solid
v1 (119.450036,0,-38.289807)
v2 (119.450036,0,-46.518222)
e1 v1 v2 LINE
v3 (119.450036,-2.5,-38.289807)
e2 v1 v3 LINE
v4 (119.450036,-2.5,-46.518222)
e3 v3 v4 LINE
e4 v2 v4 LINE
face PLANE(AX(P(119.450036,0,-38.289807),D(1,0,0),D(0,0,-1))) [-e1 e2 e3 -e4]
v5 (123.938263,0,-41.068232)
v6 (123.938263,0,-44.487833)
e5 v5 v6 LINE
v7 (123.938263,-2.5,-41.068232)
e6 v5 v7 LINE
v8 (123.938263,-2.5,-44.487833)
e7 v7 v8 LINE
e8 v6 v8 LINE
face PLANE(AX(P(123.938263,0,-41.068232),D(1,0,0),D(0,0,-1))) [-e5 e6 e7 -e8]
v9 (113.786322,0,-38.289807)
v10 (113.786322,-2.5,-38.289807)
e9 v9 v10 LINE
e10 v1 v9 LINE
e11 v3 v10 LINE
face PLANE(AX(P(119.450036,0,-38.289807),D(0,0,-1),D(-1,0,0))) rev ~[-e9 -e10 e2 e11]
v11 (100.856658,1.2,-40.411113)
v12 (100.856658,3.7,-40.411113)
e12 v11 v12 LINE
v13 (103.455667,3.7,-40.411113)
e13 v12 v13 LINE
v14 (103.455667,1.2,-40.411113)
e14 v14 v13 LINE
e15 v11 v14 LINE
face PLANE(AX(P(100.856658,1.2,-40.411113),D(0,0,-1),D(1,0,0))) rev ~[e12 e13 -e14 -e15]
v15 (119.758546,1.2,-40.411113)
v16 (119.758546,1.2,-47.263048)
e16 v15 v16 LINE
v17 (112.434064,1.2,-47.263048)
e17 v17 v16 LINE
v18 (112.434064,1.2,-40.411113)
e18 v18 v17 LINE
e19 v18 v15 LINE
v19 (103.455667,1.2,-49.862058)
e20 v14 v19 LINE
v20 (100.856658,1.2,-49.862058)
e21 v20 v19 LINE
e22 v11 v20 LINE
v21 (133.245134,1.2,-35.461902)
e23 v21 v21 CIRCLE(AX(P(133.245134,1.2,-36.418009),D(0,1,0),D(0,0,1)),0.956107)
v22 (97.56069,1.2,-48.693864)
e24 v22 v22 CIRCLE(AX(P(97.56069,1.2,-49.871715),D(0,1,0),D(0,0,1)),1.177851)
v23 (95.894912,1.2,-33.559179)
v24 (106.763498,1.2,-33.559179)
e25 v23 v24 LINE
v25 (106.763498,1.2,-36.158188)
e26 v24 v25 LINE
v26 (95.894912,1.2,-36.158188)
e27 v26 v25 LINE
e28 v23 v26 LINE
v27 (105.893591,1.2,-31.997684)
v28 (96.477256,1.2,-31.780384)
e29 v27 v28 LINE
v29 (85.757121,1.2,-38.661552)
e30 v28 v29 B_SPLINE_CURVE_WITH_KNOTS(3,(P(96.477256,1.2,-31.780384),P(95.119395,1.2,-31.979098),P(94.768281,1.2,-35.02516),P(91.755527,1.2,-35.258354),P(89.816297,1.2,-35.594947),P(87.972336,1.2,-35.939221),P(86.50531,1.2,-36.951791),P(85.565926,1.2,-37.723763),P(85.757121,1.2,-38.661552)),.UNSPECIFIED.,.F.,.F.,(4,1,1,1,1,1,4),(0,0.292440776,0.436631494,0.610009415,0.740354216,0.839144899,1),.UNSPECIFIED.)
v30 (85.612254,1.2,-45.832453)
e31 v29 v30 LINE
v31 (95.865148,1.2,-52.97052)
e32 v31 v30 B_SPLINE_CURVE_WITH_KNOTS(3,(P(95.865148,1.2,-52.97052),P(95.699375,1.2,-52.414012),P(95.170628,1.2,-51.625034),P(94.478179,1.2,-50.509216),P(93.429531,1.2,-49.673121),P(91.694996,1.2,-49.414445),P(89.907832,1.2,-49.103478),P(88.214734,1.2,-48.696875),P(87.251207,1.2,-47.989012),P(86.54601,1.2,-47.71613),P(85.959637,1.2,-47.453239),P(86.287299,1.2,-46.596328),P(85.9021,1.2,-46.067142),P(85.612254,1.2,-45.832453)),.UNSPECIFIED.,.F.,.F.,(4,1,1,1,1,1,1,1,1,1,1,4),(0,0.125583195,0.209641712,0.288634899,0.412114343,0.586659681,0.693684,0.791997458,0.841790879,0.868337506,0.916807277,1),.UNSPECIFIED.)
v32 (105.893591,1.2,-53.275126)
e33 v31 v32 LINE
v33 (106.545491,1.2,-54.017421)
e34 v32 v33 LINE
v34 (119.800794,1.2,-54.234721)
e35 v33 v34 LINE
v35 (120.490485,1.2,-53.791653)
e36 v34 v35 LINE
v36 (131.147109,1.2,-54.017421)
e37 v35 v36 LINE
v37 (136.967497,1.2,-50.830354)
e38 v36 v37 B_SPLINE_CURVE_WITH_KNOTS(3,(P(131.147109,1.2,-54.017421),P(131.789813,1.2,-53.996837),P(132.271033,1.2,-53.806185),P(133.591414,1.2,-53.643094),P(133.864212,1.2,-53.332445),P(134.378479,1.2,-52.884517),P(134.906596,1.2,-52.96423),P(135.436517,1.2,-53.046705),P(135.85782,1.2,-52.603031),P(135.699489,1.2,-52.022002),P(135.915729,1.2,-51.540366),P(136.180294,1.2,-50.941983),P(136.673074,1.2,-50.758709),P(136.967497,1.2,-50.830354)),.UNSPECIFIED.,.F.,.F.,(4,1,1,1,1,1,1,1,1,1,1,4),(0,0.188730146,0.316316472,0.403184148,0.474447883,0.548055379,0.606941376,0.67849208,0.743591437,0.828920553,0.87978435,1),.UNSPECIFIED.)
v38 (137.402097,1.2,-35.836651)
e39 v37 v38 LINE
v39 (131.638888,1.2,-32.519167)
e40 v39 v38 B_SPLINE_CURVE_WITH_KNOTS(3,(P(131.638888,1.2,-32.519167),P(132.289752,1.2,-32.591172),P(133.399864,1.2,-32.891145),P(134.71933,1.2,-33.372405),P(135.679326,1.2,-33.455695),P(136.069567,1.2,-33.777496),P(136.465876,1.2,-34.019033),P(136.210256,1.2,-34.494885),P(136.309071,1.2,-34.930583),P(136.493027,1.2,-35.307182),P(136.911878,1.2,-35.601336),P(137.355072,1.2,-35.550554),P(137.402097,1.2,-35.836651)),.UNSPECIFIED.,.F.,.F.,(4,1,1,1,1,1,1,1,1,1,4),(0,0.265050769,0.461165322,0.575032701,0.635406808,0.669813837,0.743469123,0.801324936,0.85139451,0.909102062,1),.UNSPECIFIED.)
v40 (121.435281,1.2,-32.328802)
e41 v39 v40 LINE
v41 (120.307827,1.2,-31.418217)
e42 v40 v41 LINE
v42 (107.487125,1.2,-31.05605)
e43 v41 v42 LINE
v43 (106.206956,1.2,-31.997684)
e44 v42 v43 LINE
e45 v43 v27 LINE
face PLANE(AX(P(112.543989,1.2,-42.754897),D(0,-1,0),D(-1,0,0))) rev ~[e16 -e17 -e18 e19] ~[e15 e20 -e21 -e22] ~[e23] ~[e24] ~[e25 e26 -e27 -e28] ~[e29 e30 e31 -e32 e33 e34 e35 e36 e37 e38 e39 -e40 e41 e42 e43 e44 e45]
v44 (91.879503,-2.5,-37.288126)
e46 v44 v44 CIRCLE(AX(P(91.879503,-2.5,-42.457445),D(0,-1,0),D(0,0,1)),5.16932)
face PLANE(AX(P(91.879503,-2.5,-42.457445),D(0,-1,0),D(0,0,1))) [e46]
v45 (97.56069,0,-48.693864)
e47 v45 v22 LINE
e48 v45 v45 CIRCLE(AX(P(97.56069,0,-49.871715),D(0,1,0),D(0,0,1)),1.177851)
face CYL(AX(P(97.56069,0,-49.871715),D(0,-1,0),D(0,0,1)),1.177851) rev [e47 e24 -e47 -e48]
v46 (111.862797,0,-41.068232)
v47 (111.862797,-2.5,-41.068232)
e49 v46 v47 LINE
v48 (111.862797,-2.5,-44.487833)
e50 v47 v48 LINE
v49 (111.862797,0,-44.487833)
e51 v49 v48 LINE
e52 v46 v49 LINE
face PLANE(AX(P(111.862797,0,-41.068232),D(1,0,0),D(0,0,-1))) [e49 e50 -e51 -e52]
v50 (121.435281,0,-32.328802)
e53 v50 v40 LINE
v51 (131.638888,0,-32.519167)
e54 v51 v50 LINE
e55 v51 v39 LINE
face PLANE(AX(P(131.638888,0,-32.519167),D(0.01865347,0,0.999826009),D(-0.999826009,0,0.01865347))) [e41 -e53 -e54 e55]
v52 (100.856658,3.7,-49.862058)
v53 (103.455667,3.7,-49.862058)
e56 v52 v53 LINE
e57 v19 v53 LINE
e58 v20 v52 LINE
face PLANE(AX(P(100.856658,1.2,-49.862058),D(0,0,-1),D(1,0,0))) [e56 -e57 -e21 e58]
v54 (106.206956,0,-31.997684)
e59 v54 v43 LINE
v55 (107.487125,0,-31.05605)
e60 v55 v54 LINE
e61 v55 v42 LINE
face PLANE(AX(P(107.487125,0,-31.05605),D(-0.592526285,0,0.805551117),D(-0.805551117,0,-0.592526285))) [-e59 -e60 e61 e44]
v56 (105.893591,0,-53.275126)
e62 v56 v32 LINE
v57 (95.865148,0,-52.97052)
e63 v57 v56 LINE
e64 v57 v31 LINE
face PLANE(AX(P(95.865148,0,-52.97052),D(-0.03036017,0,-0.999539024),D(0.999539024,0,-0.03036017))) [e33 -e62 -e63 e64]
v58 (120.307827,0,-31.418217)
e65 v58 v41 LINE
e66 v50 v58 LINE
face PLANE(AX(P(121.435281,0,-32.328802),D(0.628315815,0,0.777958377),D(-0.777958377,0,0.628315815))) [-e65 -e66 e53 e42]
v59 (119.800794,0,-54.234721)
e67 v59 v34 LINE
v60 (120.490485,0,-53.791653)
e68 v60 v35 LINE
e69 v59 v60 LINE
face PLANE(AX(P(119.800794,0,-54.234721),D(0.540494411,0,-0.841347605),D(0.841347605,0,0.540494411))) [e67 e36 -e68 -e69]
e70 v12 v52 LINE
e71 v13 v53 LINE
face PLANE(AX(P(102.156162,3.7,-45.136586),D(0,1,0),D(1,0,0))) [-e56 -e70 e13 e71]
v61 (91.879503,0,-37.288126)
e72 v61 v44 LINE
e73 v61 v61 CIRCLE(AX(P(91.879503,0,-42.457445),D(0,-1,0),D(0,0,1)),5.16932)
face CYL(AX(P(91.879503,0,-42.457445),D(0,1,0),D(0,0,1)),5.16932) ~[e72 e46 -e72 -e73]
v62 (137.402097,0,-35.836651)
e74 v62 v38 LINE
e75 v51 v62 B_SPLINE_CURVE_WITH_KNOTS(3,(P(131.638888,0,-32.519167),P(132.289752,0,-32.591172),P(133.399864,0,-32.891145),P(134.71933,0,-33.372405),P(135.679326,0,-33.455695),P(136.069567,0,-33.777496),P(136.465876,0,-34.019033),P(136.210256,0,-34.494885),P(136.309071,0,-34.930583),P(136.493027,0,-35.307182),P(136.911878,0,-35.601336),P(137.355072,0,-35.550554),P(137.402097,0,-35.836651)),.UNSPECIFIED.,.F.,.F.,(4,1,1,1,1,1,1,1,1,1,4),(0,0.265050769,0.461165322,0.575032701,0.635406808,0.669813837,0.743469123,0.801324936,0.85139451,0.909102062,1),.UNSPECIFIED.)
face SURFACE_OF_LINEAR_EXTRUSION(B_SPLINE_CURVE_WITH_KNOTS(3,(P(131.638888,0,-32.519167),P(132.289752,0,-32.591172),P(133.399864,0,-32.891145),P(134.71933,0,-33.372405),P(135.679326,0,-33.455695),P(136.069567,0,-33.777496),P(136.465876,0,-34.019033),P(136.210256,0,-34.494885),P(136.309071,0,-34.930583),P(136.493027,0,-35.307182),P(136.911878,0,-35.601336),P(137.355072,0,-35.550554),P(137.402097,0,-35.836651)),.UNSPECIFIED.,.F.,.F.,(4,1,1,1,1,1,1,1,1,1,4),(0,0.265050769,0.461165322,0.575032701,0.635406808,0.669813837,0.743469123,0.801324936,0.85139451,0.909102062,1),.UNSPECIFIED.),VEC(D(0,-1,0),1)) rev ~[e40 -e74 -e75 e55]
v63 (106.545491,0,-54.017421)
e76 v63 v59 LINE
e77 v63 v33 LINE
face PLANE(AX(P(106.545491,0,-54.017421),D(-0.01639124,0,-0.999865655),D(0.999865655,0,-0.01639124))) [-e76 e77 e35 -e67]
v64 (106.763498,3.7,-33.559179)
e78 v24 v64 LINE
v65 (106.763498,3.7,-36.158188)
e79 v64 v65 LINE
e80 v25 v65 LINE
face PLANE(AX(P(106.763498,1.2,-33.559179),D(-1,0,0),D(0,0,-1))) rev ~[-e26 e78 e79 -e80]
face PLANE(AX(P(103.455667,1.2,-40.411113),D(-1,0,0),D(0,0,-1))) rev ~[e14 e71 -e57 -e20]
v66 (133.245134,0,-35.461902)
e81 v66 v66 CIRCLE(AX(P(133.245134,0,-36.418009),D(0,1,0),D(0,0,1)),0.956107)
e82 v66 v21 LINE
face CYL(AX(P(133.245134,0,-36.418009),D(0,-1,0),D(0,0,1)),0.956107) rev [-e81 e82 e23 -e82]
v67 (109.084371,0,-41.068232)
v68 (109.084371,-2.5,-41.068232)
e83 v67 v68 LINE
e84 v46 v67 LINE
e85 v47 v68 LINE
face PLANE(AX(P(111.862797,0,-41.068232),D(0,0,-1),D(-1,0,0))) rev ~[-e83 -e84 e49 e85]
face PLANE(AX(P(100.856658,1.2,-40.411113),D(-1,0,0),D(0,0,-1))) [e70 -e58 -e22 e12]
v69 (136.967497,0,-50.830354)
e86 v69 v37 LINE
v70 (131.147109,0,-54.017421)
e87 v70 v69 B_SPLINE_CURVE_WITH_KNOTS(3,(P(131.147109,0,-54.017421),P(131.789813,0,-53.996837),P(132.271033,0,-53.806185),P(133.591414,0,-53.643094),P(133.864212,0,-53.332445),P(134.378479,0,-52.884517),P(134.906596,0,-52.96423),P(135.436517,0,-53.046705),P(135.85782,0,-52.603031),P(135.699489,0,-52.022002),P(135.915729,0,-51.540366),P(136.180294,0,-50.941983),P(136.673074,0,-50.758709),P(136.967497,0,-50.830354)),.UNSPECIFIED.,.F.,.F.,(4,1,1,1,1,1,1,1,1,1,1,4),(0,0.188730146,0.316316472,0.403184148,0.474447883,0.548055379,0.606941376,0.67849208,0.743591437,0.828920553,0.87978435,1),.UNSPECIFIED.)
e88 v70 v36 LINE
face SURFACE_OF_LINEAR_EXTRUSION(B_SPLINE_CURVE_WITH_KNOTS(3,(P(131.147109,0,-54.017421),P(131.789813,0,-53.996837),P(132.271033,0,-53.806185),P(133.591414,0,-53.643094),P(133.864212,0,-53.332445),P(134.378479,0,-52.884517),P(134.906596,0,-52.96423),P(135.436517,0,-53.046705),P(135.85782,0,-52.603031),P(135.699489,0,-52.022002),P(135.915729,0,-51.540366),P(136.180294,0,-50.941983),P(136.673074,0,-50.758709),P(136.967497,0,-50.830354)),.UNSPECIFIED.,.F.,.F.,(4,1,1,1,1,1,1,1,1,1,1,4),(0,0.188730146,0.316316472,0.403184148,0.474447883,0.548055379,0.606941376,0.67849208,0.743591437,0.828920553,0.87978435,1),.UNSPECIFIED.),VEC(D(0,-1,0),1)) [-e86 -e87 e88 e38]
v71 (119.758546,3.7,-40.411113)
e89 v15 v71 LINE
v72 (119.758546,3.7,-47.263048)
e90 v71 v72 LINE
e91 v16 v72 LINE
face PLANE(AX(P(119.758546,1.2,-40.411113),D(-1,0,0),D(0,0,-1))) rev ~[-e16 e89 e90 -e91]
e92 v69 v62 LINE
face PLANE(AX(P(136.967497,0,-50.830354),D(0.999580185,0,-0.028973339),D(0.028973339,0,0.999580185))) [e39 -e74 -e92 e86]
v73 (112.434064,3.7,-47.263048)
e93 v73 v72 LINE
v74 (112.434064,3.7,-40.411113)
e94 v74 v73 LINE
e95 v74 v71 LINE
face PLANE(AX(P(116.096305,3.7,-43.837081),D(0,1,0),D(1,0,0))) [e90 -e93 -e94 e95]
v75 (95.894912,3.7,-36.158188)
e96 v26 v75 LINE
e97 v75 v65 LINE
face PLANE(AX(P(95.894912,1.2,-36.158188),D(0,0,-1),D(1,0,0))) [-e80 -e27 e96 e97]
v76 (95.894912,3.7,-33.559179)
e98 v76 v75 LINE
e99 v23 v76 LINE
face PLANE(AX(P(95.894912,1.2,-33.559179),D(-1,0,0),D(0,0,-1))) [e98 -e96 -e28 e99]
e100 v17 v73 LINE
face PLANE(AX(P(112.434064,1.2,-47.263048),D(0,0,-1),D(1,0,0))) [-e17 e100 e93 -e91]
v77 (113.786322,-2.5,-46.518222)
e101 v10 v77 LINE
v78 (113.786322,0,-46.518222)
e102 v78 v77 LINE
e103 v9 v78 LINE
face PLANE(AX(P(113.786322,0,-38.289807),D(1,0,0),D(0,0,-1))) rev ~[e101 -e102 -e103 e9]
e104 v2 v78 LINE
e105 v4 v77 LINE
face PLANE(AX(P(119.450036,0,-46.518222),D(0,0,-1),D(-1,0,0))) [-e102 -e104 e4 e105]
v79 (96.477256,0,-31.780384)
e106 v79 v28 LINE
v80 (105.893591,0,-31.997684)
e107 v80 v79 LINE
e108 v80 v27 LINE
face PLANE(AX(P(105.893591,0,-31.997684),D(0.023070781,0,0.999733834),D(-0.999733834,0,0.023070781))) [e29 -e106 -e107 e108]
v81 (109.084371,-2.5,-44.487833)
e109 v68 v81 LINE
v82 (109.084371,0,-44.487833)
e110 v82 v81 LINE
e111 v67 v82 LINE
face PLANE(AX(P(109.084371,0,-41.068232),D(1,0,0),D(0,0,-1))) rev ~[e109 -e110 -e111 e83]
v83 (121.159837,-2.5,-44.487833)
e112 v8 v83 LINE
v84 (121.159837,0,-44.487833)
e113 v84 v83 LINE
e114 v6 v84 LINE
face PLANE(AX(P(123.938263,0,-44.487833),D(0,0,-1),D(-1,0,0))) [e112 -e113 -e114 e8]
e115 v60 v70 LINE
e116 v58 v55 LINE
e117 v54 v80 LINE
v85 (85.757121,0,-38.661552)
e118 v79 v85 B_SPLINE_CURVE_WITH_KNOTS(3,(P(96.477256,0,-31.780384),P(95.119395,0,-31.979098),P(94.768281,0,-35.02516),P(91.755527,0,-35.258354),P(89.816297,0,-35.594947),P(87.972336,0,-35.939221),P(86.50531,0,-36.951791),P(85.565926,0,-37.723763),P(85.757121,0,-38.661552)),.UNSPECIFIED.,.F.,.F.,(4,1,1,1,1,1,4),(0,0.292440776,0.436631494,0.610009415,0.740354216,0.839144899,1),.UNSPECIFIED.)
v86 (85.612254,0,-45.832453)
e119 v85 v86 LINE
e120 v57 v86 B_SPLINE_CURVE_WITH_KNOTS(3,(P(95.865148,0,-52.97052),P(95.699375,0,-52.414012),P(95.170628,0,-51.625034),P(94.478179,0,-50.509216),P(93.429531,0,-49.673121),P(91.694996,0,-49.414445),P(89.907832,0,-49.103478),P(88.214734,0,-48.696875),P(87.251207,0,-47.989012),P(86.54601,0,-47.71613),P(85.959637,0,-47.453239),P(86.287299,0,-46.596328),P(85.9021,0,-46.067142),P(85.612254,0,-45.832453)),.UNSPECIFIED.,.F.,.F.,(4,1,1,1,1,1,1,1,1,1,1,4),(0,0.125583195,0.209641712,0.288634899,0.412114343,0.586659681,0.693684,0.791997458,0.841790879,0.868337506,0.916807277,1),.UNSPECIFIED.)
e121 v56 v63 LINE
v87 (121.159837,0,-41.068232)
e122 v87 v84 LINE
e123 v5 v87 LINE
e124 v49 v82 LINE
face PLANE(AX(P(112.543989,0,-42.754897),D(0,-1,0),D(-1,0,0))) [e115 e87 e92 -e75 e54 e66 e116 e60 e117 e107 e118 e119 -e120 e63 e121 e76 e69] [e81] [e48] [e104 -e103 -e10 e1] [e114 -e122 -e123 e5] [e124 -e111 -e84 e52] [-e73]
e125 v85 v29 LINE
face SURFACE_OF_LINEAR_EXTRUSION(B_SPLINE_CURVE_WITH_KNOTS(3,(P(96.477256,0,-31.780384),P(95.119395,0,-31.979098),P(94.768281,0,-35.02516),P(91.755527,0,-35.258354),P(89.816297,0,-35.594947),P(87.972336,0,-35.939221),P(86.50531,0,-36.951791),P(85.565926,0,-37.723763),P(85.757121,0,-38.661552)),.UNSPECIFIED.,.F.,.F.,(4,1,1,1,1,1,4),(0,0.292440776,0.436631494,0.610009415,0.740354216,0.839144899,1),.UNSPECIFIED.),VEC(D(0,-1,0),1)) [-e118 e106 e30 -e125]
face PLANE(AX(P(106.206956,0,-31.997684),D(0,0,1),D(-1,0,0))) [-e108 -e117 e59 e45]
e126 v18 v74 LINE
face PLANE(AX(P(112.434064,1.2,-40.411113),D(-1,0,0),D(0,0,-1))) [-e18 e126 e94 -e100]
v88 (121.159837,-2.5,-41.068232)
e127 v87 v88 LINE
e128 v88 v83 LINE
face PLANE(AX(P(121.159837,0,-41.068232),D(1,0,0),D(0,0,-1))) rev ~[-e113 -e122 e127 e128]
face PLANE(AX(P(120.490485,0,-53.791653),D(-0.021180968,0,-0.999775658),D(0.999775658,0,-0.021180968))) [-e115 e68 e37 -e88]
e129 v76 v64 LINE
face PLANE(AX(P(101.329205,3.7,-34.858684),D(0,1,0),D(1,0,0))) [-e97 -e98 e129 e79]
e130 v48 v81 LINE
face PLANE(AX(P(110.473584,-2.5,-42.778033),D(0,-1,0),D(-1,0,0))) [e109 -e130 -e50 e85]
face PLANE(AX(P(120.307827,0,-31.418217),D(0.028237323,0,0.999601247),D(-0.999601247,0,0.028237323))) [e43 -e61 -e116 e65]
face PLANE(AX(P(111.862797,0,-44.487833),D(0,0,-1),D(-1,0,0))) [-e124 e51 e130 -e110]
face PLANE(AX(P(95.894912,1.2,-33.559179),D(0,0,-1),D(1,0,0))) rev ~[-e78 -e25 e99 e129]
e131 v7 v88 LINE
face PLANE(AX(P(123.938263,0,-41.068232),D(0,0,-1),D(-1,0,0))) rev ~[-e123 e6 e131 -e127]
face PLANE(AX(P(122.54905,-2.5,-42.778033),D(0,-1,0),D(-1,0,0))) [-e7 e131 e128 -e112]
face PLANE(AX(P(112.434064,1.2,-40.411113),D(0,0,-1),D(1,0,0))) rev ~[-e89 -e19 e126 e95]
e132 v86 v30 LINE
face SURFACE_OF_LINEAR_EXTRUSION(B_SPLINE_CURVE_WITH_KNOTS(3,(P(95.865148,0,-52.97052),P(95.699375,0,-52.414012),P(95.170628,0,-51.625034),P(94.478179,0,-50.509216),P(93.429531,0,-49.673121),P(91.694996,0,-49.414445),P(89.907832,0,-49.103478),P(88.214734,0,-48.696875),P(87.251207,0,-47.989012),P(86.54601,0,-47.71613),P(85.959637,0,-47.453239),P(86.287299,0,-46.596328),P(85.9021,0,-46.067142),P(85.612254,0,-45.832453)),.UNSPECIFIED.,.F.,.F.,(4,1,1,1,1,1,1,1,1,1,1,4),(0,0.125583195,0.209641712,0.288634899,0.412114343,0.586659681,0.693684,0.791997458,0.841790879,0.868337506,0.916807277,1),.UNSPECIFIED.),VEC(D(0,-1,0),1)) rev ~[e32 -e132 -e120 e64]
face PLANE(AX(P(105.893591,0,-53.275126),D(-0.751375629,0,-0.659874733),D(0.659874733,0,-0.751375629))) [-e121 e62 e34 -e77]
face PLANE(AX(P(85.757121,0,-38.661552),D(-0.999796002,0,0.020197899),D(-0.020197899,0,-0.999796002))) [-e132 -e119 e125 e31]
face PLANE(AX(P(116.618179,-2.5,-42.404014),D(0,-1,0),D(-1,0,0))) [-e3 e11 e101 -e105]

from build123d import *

# Parameters (mm, degrees)
SKETCH_1_R      = 1.177850969
SKETCH_1_R_2    = 0.956106654
EXTRUDE_1_DEPTH = 1.2
SKETCH_2_W      = 2.599009716
SKETCH_2_H      = 9.450944424
SKETCH_2_W_2    = 10.868586088
SKETCH_2_H_2    = 2.599009716
SKETCH_2_W_3    = 7.324481929
SKETCH_2_H_3    = 6.851934707
EXTRUDE_2_DEPTH = 2.5
SKETCH_3_R      = 5.169319594
SKETCH_3_W      = 5.663714124
SKETCH_3_H      = 8.228414859
SKETCH_3_W_2    = 2.778425797
SKETCH_3_H_2    = 3.41960098
SKETCH_3_W_3    = 2.778425796
EXTRUDE_3_DEPTH = 2.5


with BuildPart() as part:
    # 草图1 → 凸台-拉伸1 (new body)
    with BuildSketch(Plane(origin=(0, 0, 0), x_dir=(1, 0, 0), z_dir=(0, 1, 0))):
        with BuildLine():
            Line((105.893591271, 53.275125851), (106.545491392, 54.017421076))
            Line((106.545491392, 54.017421076), (119.800793841, 54.234721116))
            Line((119.800793841, 54.234721116), (120.490485419, 53.791652828))
            Line((120.490485419, 53.791652828), (131.147108858, 54.017421076))
            add(Edge.make_bspline(
                [(131.147108858, 54.017421076), (131.789812794, 53.996837003), (132.271032583, 53.806185271), (133.59141416, 53.64309442), (133.864212106, 53.332445087), (134.378478508, 52.88451723), (134.906596474, 52.964229893), (135.436516912, 53.046704607), (135.857819818, 52.60303085), (135.699488705, 52.022001546), (135.915728679, 51.540366189), (136.18029414, 50.941982759), (136.67307375, 50.758709494), (136.967497013, 50.83035382)],
                knots=[0, 0, 0, 0, 0.188730146, 0.316316472, 0.403184148, 0.474447883, 0.548055379, 0.606941376, 0.67849208, 0.743591437, 0.828920553, 0.87978435, 1, 1, 1, 1], degree=3))
            Line((136.967497013, 50.83035382), (137.402097093, 35.83665105))
            add(Edge.make_bspline(
                [(131.638888225, 32.519167476), (132.289752245, 32.591172314), (133.399864021, 32.891144985), (134.719329611, 33.372405259), (135.679325757, 33.455694566), (136.069567013, 33.777495704), (136.465876162, 34.019032832), (136.210256018, 34.494885125), (136.309070885, 34.9305834), (136.493026809, 35.307181869), (136.911878339, 35.60133562), (137.35507181, 35.550553674), (137.402097093, 35.83665105)],
                knots=[0, 0, 0, 0, 0.265050769, 0.461165322, 0.575032701, 0.635406808, 0.669813837, 0.743469123, 0.801324936, 0.85139451, 0.909102062, 1, 1, 1, 1], degree=3))
            Line((131.638888225, 32.519167476), (121.435281065, 32.328801671))
            Line((121.435281065, 32.328801671), (120.307827268, 31.4182169))
            Line((120.307827268, 31.4182169), (107.487124899, 31.056050167))
            Line((107.487124899, 31.056050167), (106.206955659, 31.997683674))
            Line((106.206955659, 31.997683674), (105.893591271, 31.997683674))
            Line((105.893591271, 31.997683674), (96.477256198, 31.780383634))
            add(Edge.make_bspline(
                [(96.477256198, 31.780383634), (95.119394991, 31.979098062), (94.768281493, 35.025160472), (91.7555269, 35.258354273), (89.816296815, 35.594946638), (87.972336143, 35.939221074), (86.505310233, 36.951790617), (85.565925603, 37.723763036), (85.757120884, 38.661551572)],
                knots=[0, 0, 0, 0, 0.292440776, 0.436631494, 0.610009415, 0.740354216, 0.839144899, 1, 1, 1, 1], degree=3))
            Line((85.757120884, 38.661551572), (85.61225419, 45.832452897))
            add(Edge.make_bspline(
                [(95.865148312, 52.970520199), (95.699375208, 52.414012473), (95.170628458, 51.625033595), (94.478178944, 50.509216035), (93.429531129, 49.673120616), (91.694996172, 49.414444997), (89.907832195, 49.103478144), (88.214733513, 48.696875462), (87.251206893, 47.989012234), (86.546009542, 47.716130479), (85.959637368, 47.453239242), (86.287299163, 46.596327956), (85.902100101, 46.067142496), (85.61225419, 45.832452897)],
                knots=[0, 0, 0, 0, 0.125583195, 0.209641712, 0.288634899, 0.412114343, 0.586659681, 0.693684, 0.791997458, 0.841790879, 0.868337506, 0.916807277, 1, 1, 1, 1], degree=3))
            Line((95.865148312, 52.970520199), (105.893591271, 53.275125851))
        make_face()
        with Locations(Location((97.560690211, 49.871714609, 0), (0, 0, 270))):
            Circle(SKETCH_1_R, mode=Mode.SUBTRACT)
        with Locations(Location((133.245133696, 36.418008614, 0), (0, 0, 270))):
            Circle(SKETCH_1_R_2, mode=Mode.SUBTRACT)
    extrude(amount=EXTRUDE_1_DEPTH)

    # 草图2 → 凸台-拉伸2 (add)
    with BuildSketch(Plane(origin=(0, 1.2, 0), x_dir=(1, 0, 0), z_dir=(0, 1, 0))):
        with Locations((102.156162403, 45.136585694)):
            Rectangle(SKETCH_2_W, SKETCH_2_H)
        with Locations((101.329204766, 34.858683633)):
            Rectangle(SKETCH_2_W_2, SKETCH_2_H_2)
        with Locations((116.096305429, 43.837080836)):
            Rectangle(SKETCH_2_W_3, SKETCH_2_H_3)
    extrude(amount=EXTRUDE_2_DEPTH)

    # 草图3 → 凸台-拉伸3 (add)
    with BuildSketch(Plane(origin=(0, 0, 0), x_dir=(-1, 0, 0), z_dir=(0, -1, 0))):
        with Locations(Location((-91.879503332, 42.457445362, 0), (0, 0, 270))):
            Circle(SKETCH_3_R)
        with Locations((-116.618179174, 42.404014097)):
            Rectangle(SKETCH_3_W, SKETCH_3_H)
        with Locations((-122.549049625, 42.778032954)):
            Rectangle(SKETCH_3_W_2, SKETCH_3_H_2)
        with Locations((-110.473583663, 42.778032954)):
            Rectangle(SKETCH_3_W_3, SKETCH_3_H_2)
    extrude(amount=EXTRUDE_3_DEPTH)


solid = part.part
